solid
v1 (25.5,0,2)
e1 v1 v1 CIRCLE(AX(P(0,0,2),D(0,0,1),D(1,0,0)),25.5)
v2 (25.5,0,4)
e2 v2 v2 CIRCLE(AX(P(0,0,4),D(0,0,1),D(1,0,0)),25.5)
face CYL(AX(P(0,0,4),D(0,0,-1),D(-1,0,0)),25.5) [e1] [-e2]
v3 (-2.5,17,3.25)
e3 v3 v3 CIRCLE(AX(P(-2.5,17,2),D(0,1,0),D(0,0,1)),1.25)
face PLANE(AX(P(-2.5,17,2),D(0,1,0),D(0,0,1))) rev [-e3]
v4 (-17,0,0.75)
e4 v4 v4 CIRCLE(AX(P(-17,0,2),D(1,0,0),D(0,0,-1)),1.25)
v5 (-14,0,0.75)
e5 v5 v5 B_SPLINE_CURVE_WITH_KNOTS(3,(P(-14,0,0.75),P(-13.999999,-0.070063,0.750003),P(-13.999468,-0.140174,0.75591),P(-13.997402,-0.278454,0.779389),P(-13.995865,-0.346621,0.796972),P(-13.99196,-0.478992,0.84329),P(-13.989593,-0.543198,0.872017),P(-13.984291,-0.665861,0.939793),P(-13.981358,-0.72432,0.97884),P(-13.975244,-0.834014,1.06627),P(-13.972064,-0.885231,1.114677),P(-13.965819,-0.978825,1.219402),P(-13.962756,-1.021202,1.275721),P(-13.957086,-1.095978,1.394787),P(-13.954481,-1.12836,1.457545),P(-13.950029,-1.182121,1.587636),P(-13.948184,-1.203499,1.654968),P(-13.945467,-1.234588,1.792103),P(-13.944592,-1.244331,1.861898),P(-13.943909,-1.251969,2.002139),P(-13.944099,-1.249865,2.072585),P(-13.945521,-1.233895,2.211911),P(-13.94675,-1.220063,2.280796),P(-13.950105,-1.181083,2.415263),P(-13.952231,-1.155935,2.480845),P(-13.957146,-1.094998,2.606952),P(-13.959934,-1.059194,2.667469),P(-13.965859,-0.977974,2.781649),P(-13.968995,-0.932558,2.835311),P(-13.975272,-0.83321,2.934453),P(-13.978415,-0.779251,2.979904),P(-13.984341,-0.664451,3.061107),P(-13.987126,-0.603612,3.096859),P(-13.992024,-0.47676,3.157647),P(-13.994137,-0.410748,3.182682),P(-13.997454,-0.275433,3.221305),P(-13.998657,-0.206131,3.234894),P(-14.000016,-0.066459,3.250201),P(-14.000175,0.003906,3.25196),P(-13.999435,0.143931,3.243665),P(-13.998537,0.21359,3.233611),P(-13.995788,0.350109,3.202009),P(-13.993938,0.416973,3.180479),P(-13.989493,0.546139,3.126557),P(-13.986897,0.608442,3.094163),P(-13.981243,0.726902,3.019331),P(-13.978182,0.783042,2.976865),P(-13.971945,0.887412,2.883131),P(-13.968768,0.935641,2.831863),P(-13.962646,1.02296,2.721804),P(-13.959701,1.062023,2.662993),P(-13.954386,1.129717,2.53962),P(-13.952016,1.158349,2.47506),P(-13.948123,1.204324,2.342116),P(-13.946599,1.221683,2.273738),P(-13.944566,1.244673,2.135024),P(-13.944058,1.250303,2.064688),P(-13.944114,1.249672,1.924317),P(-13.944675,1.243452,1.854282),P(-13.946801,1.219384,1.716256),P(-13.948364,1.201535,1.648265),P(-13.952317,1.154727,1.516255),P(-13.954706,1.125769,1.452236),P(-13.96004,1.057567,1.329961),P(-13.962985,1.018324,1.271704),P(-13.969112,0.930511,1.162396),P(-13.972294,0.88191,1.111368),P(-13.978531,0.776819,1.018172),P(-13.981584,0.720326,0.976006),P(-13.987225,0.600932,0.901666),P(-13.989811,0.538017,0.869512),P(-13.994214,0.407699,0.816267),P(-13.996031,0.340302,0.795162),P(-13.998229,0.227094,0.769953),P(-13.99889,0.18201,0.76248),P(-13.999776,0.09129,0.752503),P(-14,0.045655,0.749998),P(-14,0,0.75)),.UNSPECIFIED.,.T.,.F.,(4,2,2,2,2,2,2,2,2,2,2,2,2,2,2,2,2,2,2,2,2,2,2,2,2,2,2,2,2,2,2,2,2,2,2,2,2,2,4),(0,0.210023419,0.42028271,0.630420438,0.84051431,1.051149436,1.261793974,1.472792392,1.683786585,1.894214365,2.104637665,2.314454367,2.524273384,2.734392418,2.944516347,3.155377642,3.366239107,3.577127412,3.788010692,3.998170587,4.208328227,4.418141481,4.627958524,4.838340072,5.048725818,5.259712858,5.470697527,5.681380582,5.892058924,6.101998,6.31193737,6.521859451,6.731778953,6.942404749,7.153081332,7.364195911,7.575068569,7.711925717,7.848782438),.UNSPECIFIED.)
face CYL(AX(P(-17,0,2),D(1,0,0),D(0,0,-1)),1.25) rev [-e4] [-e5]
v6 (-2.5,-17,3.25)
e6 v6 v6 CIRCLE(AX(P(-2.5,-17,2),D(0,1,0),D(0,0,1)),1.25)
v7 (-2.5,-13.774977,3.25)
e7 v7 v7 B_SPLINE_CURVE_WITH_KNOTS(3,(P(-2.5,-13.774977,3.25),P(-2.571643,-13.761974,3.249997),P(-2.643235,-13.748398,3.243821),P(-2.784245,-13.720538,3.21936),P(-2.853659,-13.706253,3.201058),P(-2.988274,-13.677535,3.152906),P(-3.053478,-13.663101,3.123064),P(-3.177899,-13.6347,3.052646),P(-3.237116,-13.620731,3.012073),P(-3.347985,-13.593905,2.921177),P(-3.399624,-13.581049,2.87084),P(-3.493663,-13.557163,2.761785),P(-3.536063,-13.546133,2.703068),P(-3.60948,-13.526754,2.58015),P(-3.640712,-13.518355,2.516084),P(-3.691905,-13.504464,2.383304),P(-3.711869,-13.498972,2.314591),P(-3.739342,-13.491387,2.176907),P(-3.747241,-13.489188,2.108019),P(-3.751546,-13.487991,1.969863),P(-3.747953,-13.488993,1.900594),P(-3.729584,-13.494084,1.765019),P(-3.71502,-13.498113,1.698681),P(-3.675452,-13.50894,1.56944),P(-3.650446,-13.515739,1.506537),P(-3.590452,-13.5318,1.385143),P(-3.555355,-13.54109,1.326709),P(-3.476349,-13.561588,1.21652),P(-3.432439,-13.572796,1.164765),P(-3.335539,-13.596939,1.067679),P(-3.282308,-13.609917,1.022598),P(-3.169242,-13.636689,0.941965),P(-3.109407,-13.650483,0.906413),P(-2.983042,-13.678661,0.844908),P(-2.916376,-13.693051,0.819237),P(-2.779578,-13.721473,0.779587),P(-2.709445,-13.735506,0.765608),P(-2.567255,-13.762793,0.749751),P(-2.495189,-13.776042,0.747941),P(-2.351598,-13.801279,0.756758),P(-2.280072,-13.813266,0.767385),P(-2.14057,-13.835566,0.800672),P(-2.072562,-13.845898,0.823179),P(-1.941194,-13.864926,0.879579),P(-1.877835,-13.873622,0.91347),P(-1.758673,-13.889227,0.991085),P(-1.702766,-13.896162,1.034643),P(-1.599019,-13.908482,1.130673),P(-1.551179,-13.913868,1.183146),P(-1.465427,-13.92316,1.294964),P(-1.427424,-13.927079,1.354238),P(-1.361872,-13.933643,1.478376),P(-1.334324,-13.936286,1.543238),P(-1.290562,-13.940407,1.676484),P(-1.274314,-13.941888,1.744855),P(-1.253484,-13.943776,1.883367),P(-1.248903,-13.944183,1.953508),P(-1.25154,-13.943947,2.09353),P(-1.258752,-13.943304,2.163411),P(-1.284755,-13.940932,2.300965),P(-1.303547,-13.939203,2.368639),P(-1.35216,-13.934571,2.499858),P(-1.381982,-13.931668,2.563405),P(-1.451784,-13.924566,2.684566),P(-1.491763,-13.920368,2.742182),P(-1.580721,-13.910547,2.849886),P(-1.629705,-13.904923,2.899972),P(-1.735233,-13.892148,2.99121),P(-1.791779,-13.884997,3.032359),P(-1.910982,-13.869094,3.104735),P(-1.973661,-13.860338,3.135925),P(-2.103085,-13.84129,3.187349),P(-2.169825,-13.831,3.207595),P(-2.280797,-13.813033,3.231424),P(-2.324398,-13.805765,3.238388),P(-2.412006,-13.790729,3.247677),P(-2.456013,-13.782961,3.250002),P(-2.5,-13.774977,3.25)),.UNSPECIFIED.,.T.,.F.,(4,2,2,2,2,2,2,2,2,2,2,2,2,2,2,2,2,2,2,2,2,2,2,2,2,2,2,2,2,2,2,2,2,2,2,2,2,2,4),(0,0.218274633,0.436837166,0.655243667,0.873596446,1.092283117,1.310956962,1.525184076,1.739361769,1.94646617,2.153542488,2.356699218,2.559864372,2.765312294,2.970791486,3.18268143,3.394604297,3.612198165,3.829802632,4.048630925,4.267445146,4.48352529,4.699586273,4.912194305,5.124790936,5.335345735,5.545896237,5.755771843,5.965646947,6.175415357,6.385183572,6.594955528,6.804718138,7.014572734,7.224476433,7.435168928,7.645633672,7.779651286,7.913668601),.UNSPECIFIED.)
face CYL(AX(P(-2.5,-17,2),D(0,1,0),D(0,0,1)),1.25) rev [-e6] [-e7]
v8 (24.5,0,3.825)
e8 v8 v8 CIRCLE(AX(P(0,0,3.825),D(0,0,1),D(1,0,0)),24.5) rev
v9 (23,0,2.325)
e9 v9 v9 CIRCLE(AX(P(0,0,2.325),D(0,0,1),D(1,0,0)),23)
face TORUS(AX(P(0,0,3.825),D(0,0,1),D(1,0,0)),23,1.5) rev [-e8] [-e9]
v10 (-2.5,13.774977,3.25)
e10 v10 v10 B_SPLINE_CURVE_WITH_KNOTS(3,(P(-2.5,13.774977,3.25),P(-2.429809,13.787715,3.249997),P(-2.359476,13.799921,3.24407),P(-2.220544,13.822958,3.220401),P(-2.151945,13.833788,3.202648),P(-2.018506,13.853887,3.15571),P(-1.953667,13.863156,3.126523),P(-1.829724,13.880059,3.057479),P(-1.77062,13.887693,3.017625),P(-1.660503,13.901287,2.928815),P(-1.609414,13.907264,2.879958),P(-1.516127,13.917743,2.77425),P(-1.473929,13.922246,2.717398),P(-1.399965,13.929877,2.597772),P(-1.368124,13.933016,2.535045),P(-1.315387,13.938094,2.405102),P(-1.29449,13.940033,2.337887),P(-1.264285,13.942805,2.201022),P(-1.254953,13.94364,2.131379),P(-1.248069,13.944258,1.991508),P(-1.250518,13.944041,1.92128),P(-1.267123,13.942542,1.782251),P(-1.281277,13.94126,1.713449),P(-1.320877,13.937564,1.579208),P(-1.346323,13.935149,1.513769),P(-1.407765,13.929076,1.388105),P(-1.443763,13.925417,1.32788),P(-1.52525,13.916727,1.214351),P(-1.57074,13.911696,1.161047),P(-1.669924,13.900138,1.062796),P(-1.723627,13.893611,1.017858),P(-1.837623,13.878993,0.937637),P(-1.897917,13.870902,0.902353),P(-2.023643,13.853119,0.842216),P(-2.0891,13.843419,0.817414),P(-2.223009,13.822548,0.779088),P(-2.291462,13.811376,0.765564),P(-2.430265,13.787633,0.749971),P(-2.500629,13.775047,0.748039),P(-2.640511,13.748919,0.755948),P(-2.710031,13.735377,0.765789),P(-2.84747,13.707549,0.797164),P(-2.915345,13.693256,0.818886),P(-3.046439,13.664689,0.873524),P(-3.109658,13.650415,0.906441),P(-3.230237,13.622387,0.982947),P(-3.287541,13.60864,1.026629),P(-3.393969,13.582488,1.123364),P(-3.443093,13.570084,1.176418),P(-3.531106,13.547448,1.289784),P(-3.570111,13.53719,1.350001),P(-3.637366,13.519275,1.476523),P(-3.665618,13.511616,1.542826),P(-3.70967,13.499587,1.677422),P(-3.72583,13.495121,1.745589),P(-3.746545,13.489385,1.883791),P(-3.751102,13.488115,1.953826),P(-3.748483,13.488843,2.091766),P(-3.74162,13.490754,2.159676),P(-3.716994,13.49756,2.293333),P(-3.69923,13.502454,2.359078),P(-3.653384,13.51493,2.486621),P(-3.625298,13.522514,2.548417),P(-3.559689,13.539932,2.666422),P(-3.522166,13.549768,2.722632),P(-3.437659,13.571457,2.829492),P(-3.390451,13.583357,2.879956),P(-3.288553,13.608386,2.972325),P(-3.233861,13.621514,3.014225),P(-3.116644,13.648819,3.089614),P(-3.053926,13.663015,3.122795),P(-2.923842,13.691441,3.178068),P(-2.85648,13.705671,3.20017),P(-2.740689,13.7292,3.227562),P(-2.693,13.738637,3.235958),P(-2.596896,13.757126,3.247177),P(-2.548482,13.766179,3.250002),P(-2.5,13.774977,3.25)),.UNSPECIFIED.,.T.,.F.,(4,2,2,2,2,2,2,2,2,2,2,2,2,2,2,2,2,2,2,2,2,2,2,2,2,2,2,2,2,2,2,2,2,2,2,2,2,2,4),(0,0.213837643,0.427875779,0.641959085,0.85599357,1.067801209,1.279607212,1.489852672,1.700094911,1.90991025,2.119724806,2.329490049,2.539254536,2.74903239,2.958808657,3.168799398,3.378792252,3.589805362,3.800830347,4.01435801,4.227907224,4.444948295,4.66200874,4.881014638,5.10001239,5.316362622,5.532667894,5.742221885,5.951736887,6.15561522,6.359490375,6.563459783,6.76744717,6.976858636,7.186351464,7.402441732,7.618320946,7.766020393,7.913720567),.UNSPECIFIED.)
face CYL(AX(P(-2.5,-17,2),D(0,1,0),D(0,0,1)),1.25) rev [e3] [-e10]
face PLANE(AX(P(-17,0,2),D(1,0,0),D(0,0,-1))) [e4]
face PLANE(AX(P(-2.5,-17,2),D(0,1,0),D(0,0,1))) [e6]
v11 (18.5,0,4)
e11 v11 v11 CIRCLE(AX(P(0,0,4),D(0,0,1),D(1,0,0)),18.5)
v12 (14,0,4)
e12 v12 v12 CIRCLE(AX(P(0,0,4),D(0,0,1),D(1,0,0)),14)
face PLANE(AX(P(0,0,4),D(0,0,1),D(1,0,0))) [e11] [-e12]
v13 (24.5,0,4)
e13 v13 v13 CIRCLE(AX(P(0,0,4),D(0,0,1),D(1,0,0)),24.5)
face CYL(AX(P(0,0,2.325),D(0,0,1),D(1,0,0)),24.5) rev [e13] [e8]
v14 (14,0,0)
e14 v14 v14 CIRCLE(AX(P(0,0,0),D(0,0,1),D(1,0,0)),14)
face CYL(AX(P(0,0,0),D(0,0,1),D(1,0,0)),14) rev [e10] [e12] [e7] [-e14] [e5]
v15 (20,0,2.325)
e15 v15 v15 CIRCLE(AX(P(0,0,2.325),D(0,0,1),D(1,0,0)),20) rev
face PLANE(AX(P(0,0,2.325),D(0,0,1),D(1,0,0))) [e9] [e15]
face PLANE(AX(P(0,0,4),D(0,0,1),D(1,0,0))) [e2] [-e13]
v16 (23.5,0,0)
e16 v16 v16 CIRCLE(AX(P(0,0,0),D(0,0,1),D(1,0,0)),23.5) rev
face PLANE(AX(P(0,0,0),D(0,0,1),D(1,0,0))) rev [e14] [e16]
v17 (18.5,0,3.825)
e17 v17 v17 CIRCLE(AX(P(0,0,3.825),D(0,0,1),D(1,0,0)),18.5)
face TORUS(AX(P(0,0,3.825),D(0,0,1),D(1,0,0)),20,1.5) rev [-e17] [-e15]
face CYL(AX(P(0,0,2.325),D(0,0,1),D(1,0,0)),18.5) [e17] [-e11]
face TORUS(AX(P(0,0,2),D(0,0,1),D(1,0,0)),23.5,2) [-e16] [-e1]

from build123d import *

# Parameters (mm, degrees)
SKETCH1_R           = 25.5
BOSS_EXTRUDE1_DEPTH = 4
SKETCH2_R           = 24.5
SKETCH2_R_2         = 18.5
CUT_EXTRUDE1_DEPTH  = 1.675
FILLET1_R           = 1.5
SKETCH3_R           = 14
CUT_EXTRUDE2_DEPTH  = 4
FILLET2_R           = 2
SKETCH4_R           = 1.25
CUT_EXTRUDE3_DEPTH  = 17
SKETCH5_R           = 1.25
CUT_EXTRUDE5_DEPTH  = 17


with BuildPart() as part:
    # Sketch1 → Boss-Extrude1 (new body)
    with BuildSketch(Plane.XY):
        Circle(SKETCH1_R)
    extrude(amount=BOSS_EXTRUDE1_DEPTH)

    # Sketch2 → Cut-Extrude1 (cut)
    with BuildSketch(Plane.XY.offset(4)):
        Circle(SKETCH2_R)
        Circle(SKETCH2_R_2, mode=Mode.SUBTRACT)
    extrude(amount=-CUT_EXTRUDE1_DEPTH, mode=Mode.SUBTRACT)

    # Fillet1
    fillet1_edges = [part.edges().sort_by_distance(p)[0] for p in [
        (-24.5, 0, 2.325),
        (-18.5, 0, 2.325),
    ]]
    fillet(fillet1_edges, radius=FILLET1_R)

    # Sketch3 → Cut-Extrude2 (cut)
    with BuildSketch(Plane.XY.offset(4)):
        Circle(SKETCH3_R)
    extrude(amount=-CUT_EXTRUDE2_DEPTH, mode=Mode.SUBTRACT)

    # Fillet2
    fillet2_edges = [part.edges().sort_by_distance(p)[0] for p in [
        (-25.5, 0, 0),
    ]]
    fillet(fillet2_edges, radius=FILLET2_R)

    # Sketch4 → Cut-Extrude3 (cut)
    with BuildSketch(Plane(origin=(0, 0, 0), x_dir=(0, 0, -1), z_dir=(1, 0, 0))):
        with Locations((-2, 0)):
            Circle(SKETCH4_R)
    extrude(amount=-CUT_EXTRUDE3_DEPTH, mode=Mode.SUBTRACT)

    # Sketch5 → Cut-Extrude5 (cut, symmetric)
    with BuildSketch(Plane(origin=(0, 0, 0), x_dir=(1, 0, 0), z_dir=(0, 1, 0))):
        with Locations(Location((-2.5, -2, 0), (0, 0, 270))):
            Circle(SKETCH5_R)
    extrude(amount=CUT_EXTRUDE5_DEPTH, both=True, mode=Mode.SUBTRACT)


solid = part.part
